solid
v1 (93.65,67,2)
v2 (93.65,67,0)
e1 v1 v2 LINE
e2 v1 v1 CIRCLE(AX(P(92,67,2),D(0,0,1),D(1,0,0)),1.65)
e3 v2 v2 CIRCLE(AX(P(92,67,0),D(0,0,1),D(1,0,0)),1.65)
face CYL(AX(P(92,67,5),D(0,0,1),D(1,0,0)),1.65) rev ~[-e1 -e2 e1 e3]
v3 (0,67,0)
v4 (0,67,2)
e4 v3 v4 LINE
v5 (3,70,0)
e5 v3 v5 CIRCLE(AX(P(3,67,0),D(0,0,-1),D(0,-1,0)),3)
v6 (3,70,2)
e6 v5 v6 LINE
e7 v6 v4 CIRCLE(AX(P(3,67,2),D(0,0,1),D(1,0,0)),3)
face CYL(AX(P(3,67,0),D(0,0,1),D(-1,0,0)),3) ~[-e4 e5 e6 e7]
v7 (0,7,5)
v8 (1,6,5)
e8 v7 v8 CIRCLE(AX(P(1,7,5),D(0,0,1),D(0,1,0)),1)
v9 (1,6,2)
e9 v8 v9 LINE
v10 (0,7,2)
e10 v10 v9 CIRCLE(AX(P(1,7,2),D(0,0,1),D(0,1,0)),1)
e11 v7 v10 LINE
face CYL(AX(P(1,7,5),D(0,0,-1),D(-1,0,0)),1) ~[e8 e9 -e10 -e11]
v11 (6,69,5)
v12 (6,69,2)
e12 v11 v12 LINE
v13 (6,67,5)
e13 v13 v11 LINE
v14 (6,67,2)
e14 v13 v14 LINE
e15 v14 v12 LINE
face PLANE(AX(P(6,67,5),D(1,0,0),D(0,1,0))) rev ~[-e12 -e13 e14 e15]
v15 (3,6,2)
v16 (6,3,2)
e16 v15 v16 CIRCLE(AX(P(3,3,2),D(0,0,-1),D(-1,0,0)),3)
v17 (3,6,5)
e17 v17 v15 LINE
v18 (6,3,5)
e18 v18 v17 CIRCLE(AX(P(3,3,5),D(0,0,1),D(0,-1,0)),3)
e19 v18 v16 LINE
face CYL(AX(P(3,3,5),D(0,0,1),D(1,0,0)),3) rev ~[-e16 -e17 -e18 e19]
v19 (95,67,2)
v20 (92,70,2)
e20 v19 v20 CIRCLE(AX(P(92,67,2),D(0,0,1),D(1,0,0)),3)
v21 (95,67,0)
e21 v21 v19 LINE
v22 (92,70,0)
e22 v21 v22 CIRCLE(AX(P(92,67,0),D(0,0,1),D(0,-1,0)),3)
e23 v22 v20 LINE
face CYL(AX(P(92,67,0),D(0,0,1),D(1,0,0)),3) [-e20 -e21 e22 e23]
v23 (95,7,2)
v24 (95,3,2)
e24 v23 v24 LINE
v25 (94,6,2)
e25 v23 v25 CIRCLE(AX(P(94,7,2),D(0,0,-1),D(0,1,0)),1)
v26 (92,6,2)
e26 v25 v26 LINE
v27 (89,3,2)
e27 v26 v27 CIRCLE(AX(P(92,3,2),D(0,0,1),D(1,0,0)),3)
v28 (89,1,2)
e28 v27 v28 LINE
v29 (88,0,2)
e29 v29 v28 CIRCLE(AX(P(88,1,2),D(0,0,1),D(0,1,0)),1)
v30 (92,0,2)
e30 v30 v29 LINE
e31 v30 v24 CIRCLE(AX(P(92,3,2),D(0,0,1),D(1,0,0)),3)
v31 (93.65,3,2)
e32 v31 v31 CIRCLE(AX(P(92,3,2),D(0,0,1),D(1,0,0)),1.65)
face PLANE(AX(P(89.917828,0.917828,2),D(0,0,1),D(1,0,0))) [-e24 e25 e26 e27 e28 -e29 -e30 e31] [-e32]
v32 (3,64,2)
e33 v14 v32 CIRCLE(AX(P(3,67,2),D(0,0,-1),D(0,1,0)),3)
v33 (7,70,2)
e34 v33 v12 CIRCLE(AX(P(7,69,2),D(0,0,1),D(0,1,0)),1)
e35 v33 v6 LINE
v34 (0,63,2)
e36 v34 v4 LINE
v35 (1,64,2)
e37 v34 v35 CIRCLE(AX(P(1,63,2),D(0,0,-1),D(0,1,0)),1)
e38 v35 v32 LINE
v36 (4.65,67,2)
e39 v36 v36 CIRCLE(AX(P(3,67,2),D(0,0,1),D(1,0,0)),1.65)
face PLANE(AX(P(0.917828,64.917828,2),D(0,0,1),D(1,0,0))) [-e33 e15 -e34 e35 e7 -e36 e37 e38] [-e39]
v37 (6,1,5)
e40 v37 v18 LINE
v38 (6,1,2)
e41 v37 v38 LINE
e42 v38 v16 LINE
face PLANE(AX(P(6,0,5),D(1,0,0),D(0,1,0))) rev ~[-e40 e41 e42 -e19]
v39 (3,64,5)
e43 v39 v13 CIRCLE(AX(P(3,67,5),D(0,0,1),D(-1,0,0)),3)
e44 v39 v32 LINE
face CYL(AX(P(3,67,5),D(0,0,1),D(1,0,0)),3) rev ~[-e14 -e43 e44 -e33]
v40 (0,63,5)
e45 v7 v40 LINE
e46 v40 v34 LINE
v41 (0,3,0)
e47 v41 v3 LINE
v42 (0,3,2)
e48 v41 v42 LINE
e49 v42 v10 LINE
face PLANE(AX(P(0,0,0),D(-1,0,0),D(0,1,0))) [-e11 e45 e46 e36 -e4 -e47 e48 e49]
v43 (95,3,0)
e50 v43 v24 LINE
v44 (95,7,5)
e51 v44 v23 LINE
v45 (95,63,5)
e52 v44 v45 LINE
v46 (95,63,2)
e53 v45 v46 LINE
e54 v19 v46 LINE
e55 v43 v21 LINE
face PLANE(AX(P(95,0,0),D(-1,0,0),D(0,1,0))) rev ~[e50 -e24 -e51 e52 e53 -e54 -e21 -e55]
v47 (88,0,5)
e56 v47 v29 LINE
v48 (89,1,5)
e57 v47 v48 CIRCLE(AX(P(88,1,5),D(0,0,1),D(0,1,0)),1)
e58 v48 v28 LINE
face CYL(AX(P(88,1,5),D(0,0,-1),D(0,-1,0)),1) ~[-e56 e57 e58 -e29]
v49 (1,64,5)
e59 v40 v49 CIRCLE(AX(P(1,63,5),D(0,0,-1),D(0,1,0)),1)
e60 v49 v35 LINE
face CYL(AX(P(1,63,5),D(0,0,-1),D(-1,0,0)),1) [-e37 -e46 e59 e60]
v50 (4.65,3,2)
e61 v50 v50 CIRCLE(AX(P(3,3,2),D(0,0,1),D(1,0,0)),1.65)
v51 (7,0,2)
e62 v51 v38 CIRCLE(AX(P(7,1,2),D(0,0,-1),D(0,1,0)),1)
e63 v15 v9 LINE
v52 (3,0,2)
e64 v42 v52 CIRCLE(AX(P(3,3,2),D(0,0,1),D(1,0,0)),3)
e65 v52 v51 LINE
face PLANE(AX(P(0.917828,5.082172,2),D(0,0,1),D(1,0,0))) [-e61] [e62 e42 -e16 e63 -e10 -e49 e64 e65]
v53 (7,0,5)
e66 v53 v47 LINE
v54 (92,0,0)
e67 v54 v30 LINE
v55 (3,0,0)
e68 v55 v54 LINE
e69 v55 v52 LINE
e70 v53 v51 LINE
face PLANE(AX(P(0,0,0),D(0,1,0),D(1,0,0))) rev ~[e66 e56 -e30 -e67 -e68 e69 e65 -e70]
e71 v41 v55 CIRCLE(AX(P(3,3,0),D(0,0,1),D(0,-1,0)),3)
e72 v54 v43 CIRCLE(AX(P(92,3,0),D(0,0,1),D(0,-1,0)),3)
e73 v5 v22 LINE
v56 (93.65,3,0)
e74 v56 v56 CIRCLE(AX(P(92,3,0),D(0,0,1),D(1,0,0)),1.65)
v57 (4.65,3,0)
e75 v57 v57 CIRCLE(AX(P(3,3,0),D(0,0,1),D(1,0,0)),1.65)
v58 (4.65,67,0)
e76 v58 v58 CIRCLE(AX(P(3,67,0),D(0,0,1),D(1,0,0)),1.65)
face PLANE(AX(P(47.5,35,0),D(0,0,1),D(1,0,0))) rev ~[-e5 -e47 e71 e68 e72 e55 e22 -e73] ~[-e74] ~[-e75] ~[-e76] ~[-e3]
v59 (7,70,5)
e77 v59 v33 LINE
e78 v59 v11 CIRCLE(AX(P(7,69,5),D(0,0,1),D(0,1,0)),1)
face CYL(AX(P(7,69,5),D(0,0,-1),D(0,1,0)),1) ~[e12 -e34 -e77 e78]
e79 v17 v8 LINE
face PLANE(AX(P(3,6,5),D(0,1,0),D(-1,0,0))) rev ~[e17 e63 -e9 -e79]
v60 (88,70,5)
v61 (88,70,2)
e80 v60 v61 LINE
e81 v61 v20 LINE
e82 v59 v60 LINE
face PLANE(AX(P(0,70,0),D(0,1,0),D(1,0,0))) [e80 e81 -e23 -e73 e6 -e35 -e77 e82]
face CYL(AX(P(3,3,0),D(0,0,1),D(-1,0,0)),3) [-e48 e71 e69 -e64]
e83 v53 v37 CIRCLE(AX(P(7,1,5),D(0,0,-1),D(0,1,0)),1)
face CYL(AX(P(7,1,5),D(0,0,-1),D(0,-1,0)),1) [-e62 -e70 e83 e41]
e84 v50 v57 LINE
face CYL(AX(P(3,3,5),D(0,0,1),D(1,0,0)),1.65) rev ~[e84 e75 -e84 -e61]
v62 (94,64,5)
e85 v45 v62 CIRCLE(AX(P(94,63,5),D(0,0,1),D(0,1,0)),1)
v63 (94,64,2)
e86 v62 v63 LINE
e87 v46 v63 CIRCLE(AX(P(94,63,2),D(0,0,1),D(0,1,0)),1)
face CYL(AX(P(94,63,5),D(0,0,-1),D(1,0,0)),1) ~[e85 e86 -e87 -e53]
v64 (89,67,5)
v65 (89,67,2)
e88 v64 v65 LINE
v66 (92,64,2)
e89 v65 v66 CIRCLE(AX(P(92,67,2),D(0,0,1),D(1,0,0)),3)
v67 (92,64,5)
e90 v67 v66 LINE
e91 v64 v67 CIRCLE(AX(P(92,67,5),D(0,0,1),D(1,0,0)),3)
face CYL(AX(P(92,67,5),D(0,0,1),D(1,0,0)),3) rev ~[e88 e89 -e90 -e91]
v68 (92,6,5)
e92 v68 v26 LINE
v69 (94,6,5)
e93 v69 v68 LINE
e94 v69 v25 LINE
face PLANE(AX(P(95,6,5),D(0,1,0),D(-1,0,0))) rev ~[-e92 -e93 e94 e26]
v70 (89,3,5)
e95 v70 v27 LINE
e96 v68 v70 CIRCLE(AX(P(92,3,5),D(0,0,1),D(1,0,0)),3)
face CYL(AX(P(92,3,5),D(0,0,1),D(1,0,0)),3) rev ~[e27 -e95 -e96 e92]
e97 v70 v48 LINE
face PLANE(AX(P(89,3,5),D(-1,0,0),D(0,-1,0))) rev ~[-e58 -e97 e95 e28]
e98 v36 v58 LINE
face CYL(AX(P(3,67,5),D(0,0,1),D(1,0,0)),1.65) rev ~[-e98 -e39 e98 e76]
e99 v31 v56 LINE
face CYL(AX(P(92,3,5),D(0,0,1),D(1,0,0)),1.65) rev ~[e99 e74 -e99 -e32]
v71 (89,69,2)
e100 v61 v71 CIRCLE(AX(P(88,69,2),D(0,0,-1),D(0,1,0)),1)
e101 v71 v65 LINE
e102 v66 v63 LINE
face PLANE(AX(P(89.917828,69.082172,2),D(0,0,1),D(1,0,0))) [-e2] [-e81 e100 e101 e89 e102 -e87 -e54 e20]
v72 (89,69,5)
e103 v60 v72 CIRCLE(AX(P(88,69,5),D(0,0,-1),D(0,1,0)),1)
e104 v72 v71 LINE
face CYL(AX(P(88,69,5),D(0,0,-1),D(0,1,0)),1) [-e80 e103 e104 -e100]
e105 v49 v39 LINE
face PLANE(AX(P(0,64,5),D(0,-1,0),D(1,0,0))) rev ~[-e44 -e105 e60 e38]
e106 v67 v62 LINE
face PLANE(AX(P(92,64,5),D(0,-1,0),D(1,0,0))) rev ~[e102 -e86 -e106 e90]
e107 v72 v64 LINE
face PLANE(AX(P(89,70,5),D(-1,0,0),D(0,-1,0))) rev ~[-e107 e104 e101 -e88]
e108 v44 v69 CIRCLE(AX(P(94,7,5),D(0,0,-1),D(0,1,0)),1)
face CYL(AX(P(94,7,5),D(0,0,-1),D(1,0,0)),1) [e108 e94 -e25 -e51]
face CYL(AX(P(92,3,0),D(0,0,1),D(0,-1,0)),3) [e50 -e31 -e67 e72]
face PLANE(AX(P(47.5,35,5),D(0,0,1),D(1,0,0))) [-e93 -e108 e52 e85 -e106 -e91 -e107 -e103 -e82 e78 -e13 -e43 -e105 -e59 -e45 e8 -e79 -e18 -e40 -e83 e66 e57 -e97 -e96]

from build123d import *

# Parameters (mm, degrees)
SKETCH_1_W          = 95
SKETCH_1_H          = 70
EXTRUDE_1_DEPTH     = 5
FILLET_1_R          = 3
SKETCH_13_R         = 1.65
CUT_EXTRUDE_2_DEPTH = 5
SKETCH_14_R         = 3
CUT_EXTRUDE_3_DEPTH = 3
CUT_EXTRUDE_4_DEPTH = 3
FILLET_3_R          = 1


with BuildPart() as part:
    # ｽｹｯﾁ1 → ﾎﾞｽ - 押し出し1 (new body)
    with BuildSketch(Plane.XY):
        with Locations((47.5, 35)):
            Rectangle(SKETCH_1_W, SKETCH_1_H)
    extrude(amount=EXTRUDE_1_DEPTH)

    # ﾌｨﾚｯﾄ1
    fillet_1_edges = [part.edges().sort_by_distance(p)[0] for p in [
        (0, 70, 2.5),
        (95, 70, 2.5),
        (95, 0, 2.5),
        (0, 0, 2.5),
    ]]
    fillet(fillet_1_edges, radius=FILLET_1_R)

    # ｽｹｯﾁ13 → ｶｯﾄ - 押し出し2 (cut)
    with BuildSketch(Plane.XY.offset(5)):
        with Locations((3, 67)):
            Circle(SKETCH_13_R)
        with Locations((92, 67)):
            Circle(SKETCH_13_R)
        with Locations((3, 3)):
            Circle(SKETCH_13_R)
        with Locations((92, 3)):
            Circle(SKETCH_13_R)
    extrude(amount=-CUT_EXTRUDE_2_DEPTH, mode=Mode.SUBTRACT)

    # ｽｹｯﾁ14 → ｶｯﾄ - 押し出し3 (cut)
    with BuildSketch(Plane.XY.offset(5)):
        with Locations((3, 67)):
            Circle(SKETCH_14_R)
        with Locations((92, 67)):
            Circle(SKETCH_14_R)
        with Locations((3, 3)):
            Circle(SKETCH_14_R)
        with Locations((92, 3)):
            Circle(SKETCH_14_R)
    extrude(amount=-CUT_EXTRUDE_3_DEPTH, mode=Mode.SUBTRACT)

    # ｽｹｯﾁ15 → ｶｯﾄ - 押し出し4 (cut)
    with BuildSketch(Plane.XY.offset(5)):
        with BuildLine():
            Line((95, 3), (95, 6))
            Line((95, 6), (92, 6))
            ThreePointArc((92, 6), (94.121320344, 5.121320344), (95, 3))
        make_face()
        with BuildLine():
            Line((89, 3), (89, 0))
            Line((89, 0), (92, 0))
            ThreePointArc((92, 0), (89.878679656, 0.878679656), (89, 3))
        make_face()
        with BuildLine():
            Line((6, 0), (6, 3))
            ThreePointArc((6, 3), (5.121320344, 0.878679656), (3, 0))
            Line((3, 0), (6, 0))
        make_face()
        with BuildLine():
            Line((3, 6), (0, 6))
            Line((0, 6), (0, 3))
            ThreePointArc((0, 3), (0.878679656, 5.121320344), (3, 6))
        make_face()
        with BuildLine():
            Line((0, 64), (3, 64))
            ThreePointArc((3, 64), (0.878679656, 64.878679656), (0, 67))
            Line((0, 67), (0, 64))
        make_face()
        with BuildLine():
            ThreePointArc((3, 70), (5.121320344, 69.121320344), (6, 67))
            Line((6, 67), (6, 70))
            Line((6, 70), (3, 70))
        make_face()
        with BuildLine():
            Line((92, 70), (89, 70))
            Line((89, 70), (89, 67))
            ThreePointArc((89, 67), (89.878679656, 69.121320344), (92, 70))
        make_face()
        with BuildLine():
            ThreePointArc((95, 67), (94.121320344, 64.878679656), (92, 64))
            Line((92, 64), (95, 64))
            Line((95, 64), (95, 67))
        make_face()
    extrude(amount=-CUT_EXTRUDE_4_DEPTH, mode=Mode.SUBTRACT)

    # ﾌｨﾚｯﾄ3
    fillet_3_edges = [part.edges().sort_by_distance(p)[0] for p in [
        (0, 64, 3.5),
        (0, 6, 3.5),
        (6, 0, 3.5),
        (89, 0, 3.5),
        (95, 64, 3.5),
        (89, 70, 3.5),
        (6, 70, 3.5),
        (95, 6, 3.5),
    ]]
    fillet(fillet_3_edges, radius=FILLET_3_R)


solid = part.part
